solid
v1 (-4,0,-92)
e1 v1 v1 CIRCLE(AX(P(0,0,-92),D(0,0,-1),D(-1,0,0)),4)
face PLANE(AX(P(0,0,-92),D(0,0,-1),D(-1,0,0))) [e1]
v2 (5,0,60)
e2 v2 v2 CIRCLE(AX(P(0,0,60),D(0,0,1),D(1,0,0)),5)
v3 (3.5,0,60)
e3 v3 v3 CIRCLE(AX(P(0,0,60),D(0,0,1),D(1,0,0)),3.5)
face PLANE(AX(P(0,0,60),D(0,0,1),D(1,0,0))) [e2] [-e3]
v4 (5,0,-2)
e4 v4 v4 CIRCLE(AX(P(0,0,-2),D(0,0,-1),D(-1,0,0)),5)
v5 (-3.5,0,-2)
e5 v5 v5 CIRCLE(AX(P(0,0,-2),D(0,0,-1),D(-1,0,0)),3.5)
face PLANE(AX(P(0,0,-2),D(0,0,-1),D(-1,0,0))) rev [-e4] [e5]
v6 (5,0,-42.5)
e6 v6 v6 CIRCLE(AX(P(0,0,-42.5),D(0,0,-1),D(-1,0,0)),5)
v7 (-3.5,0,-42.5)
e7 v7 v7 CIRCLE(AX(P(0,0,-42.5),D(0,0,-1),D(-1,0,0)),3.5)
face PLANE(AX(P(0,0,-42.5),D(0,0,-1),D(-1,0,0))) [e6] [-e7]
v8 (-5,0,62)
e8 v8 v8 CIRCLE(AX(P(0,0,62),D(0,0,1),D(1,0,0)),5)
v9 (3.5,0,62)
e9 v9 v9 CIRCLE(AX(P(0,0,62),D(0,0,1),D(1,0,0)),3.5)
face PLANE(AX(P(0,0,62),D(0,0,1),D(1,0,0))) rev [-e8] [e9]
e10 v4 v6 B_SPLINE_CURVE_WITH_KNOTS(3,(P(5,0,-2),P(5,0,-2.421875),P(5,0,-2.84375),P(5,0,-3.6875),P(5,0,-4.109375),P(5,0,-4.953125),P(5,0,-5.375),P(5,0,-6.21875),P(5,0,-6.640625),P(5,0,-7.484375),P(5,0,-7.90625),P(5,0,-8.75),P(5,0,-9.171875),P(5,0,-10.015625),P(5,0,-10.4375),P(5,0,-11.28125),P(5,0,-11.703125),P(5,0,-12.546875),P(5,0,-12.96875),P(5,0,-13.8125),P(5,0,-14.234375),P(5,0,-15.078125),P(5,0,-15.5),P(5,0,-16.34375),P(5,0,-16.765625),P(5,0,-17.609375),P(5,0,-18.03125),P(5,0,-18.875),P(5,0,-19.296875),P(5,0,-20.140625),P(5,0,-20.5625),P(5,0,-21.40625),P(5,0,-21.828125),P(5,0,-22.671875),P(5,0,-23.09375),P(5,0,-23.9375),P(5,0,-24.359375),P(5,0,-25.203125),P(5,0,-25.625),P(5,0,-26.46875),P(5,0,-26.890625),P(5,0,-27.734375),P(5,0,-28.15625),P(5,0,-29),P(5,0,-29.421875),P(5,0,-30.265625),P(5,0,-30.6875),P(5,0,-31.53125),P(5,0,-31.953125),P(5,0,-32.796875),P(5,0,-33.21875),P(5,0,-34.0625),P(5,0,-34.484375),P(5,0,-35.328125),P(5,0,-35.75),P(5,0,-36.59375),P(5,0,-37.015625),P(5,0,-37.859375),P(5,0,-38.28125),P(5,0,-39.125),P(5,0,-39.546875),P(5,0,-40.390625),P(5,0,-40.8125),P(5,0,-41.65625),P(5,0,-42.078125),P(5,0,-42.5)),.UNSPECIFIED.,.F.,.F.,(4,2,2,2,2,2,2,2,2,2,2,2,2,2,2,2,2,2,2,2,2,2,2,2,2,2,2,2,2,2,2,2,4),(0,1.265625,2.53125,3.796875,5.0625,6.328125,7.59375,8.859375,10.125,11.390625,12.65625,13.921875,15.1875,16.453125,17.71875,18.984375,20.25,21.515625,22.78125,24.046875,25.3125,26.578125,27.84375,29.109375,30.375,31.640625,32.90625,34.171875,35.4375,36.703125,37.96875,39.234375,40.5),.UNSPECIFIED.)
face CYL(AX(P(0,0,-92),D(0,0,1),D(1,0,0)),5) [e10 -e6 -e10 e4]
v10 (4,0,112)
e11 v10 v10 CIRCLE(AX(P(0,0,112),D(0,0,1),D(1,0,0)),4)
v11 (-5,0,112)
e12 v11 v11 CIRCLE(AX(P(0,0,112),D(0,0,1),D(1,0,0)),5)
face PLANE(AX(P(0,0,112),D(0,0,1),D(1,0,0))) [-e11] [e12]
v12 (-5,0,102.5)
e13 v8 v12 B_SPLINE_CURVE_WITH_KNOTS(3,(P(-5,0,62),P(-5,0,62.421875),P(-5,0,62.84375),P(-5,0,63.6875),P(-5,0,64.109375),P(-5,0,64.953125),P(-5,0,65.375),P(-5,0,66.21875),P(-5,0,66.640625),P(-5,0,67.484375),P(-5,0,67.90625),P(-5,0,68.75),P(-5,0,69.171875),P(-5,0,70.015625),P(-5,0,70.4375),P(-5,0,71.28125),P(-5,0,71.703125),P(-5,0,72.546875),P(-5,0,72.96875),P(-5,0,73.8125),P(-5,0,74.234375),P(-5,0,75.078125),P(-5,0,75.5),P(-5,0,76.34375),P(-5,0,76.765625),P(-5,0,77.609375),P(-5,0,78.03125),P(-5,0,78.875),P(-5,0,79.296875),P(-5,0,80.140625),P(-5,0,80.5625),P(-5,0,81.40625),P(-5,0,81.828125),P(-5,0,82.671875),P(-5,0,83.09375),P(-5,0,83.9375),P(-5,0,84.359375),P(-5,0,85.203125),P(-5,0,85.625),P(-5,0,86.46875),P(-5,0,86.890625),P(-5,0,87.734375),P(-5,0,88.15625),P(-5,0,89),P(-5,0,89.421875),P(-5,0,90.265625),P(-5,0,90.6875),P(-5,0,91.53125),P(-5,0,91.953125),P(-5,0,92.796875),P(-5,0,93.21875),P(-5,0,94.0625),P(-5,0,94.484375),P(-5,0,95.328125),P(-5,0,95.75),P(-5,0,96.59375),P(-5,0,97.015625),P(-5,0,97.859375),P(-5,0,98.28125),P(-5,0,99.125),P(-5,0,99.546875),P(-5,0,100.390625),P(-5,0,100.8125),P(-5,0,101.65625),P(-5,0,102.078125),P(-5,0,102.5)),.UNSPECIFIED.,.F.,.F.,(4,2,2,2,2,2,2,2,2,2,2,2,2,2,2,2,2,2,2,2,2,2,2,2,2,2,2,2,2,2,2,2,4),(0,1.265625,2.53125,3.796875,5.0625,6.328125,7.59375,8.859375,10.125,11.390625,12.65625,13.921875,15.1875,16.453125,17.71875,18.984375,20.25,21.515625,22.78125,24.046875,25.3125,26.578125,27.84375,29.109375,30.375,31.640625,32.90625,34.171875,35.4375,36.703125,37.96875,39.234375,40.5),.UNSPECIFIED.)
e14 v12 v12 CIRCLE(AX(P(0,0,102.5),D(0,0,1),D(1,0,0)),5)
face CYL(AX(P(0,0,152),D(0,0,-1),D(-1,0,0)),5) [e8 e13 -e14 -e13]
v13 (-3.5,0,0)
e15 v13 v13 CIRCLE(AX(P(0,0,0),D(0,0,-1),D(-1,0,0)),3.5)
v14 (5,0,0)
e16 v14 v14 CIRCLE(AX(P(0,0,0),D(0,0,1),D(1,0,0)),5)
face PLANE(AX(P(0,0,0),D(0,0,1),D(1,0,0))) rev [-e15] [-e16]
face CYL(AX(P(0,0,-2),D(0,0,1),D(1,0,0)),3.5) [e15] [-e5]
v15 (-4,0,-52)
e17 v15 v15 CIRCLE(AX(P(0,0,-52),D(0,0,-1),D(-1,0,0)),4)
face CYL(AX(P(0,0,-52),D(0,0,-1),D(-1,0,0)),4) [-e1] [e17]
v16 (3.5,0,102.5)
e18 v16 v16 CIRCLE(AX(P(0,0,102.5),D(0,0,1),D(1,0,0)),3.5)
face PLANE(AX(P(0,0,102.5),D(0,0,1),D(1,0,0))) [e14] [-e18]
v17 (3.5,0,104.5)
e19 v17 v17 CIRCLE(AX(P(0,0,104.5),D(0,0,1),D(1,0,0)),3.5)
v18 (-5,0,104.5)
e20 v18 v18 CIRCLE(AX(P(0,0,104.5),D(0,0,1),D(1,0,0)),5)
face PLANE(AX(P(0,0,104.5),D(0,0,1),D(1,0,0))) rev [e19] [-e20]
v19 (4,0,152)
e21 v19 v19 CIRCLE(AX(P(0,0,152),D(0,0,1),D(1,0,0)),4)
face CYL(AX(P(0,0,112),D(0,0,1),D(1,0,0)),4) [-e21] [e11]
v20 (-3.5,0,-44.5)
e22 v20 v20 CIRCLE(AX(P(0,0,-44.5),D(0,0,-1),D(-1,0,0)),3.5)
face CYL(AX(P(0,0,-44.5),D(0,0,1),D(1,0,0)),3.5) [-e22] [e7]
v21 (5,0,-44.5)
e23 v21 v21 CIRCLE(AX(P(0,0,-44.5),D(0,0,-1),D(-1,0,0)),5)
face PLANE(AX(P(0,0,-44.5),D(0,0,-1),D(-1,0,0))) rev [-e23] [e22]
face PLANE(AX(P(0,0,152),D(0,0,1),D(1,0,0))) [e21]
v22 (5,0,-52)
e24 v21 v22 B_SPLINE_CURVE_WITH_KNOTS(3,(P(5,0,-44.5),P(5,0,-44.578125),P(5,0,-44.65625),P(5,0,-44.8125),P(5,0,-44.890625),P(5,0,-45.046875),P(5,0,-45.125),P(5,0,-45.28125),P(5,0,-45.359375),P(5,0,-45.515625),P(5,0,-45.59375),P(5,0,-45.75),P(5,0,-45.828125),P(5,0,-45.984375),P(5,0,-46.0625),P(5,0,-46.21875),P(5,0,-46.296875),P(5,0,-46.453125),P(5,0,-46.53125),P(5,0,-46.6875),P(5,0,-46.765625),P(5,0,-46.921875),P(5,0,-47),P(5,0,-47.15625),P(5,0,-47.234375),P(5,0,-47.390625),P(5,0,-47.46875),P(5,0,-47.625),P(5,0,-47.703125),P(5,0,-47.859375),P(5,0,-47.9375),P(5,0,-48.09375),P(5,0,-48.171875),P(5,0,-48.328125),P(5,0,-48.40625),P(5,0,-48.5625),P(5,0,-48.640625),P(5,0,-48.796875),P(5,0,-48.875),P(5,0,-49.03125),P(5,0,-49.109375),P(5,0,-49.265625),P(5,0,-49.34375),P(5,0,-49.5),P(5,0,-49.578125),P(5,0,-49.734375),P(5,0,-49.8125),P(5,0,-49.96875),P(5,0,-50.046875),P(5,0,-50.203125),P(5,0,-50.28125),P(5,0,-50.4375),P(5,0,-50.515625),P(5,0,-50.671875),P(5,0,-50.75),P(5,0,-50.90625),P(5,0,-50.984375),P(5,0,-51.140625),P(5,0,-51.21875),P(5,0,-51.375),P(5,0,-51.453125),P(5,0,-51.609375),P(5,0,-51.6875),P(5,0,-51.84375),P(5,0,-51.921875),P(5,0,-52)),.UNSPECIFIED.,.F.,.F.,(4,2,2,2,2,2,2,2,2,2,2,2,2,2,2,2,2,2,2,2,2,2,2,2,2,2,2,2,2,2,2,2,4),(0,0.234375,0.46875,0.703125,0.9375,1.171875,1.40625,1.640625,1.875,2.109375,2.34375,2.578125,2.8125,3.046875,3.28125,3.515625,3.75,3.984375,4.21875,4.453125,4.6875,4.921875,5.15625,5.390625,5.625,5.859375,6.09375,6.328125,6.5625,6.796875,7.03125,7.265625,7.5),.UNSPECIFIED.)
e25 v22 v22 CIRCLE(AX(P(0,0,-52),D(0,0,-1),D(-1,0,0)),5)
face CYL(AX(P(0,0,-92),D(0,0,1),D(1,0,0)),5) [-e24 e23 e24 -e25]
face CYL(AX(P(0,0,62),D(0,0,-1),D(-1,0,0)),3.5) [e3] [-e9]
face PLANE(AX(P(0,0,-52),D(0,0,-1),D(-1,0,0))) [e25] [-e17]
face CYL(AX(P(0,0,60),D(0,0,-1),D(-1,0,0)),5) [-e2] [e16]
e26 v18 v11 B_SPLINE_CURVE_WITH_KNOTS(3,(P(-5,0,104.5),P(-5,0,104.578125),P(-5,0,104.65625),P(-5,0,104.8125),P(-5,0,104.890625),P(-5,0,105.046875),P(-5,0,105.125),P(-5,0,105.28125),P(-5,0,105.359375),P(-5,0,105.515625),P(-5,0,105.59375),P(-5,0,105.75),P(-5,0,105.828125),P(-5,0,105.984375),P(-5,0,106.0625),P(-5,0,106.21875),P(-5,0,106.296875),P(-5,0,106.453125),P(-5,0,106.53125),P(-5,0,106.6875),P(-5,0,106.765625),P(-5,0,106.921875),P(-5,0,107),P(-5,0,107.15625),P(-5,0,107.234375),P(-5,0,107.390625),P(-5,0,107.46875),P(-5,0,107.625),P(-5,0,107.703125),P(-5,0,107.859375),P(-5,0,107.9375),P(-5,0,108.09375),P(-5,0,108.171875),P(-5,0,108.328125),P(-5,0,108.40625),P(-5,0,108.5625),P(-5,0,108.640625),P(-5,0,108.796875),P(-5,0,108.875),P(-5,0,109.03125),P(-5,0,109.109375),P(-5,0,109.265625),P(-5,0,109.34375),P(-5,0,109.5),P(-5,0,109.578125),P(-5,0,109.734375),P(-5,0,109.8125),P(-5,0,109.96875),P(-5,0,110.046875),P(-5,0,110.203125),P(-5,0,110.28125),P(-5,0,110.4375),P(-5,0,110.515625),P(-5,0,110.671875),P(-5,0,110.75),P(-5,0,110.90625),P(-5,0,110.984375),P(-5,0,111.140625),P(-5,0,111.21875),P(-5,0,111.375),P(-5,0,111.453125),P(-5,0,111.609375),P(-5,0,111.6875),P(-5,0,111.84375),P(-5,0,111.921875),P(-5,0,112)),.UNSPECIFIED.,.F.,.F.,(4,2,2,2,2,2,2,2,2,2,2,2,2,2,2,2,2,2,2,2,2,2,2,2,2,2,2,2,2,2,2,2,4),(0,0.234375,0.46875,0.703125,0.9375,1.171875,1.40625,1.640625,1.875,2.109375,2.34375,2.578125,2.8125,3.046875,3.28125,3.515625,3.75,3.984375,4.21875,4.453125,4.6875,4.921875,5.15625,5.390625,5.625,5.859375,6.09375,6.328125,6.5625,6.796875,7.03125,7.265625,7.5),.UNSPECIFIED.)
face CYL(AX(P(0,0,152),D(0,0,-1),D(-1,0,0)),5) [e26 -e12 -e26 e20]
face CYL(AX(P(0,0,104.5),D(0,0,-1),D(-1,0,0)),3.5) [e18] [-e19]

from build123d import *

# Parameters (mm, degrees)
SKETCH_1_R          = 5
EXTRUDE_1_DEPTH     = 60
SKETCH_2_R          = 3.5
EXTRUDE_2_DEPTH     = 2
EXTRUDE_START       = 2
SKETCH_3_R          = 3.5
EXTRUDE_3_DEPTH     = 2
EXTRUDE_START_2     = 90
SKETCH_4_R          = 5
EXTRUDE_4_DEPTH     = 90
SKETCH_5_R          = 5
EXTRUDE_5_DEPTH     = 90
CUT_EXTRUDE_START   = -40
SKETCH_6_R          = 5
SKETCH_6_R_2        = 4
CUT_EXTRUDE_2_DEPTH = 40
SKETCH_7_R          = 5
SKETCH_7_R_2        = 4
CUT_EXTRUDE_3_DEPTH = 40
CUT_EXTRUDE_START_2 = 2
SKETCH_8_R          = 5
SKETCH_8_R_2        = 3.5
CUT_EXTRUDE_4_DEPTH = 2
SKETCH_9_R          = 5
SKETCH_9_R_2        = 3.5
CUT_EXTRUDE_5_DEPTH = 2


with BuildPart() as part:
    # 草图1 → 凸台-拉伸1 (new body)
    with BuildSketch(Plane.XY):
        Circle(SKETCH_1_R)
    extrude(amount=EXTRUDE_1_DEPTH)

    # 草图2 → 凸台-拉伸2 (add)
    with BuildSketch(Plane.XY.offset(60)):
        Circle(SKETCH_2_R)
    extrude(amount=EXTRUDE_2_DEPTH)

    # 草图3 → 凸台-拉伸3 (add)
    with BuildSketch(Plane(origin=(0, 0, 0), x_dir=(-1, 0, 0), z_dir=(0, 0, -1)).offset(EXTRUDE_START)):
        with Locations(Location((0, 0, 0), (0, 0, 180))):
            Circle(SKETCH_3_R)
    extrude(amount=-EXTRUDE_3_DEPTH)

    # 草图4 → 凸台-拉伸4 (add)
    with BuildSketch(Plane(origin=(0, 0, -2), x_dir=(-1, 0, 0), z_dir=(0, 0, -1)).offset(EXTRUDE_START_2)):
        with Locations(Location((0, 0, 0), (0, 0, 180))):
            Circle(SKETCH_4_R)
    extrude(amount=-EXTRUDE_4_DEPTH)

    # 草图5 → 凸台-拉伸5 (add)
    with BuildSketch(Plane.XY.offset(62)):
        Circle(SKETCH_5_R)
    extrude(amount=EXTRUDE_5_DEPTH)

    # 草图6 → 切除-拉伸2 (cut)
    with BuildSketch(Plane.XY.offset(152).offset(CUT_EXTRUDE_START)):
        with Locations(Location((0, 0, 0), (0, 0, 180))):
            Circle(SKETCH_6_R)
        Circle(SKETCH_6_R_2, mode=Mode.SUBTRACT)
    extrude(amount=CUT_EXTRUDE_2_DEPTH, mode=Mode.SUBTRACT)

    # 草图7 → 切除-拉伸3 (cut)
    with BuildSketch(Plane(origin=(0, 0, -92), x_dir=(-1, 0, 0), z_dir=(0, 0, -1))):
        with Locations(Location((0, 0, 0), (0, 0, 180))):
            Circle(SKETCH_7_R)
        with Locations(Location((0, 0, 0), (0, 0, 180))):
            Circle(SKETCH_7_R_2, mode=Mode.SUBTRACT)
    extrude(amount=-CUT_EXTRUDE_3_DEPTH, mode=Mode.SUBTRACT)

    # 草图8 → 切除-拉伸4 (cut)
    with BuildSketch(Plane(origin=(0, 0, -42.5), x_dir=(-1, 0, 0), z_dir=(0, 0, -1)).offset(CUT_EXTRUDE_START_2)):
        with Locations(Location((0, 0, 0), (0, 0, 180))):
            Circle(SKETCH_8_R)
        with Locations(Location((0, 0, 0), (0, 0, 180))):
            Circle(SKETCH_8_R_2, mode=Mode.SUBTRACT)
    extrude(amount=-CUT_EXTRUDE_4_DEPTH, mode=Mode.SUBTRACT)

    # 草图9 → 切除-拉伸5 (cut)
    with BuildSketch(Plane.XY.offset(102.5)):
        with Locations(Location((0, 0, 0), (0, 0, 180))):
            Circle(SKETCH_9_R)
        Circle(SKETCH_9_R_2, mode=Mode.SUBTRACT)
    extrude(amount=CUT_EXTRUDE_5_DEPTH, mode=Mode.SUBTRACT)


solid = part.part
